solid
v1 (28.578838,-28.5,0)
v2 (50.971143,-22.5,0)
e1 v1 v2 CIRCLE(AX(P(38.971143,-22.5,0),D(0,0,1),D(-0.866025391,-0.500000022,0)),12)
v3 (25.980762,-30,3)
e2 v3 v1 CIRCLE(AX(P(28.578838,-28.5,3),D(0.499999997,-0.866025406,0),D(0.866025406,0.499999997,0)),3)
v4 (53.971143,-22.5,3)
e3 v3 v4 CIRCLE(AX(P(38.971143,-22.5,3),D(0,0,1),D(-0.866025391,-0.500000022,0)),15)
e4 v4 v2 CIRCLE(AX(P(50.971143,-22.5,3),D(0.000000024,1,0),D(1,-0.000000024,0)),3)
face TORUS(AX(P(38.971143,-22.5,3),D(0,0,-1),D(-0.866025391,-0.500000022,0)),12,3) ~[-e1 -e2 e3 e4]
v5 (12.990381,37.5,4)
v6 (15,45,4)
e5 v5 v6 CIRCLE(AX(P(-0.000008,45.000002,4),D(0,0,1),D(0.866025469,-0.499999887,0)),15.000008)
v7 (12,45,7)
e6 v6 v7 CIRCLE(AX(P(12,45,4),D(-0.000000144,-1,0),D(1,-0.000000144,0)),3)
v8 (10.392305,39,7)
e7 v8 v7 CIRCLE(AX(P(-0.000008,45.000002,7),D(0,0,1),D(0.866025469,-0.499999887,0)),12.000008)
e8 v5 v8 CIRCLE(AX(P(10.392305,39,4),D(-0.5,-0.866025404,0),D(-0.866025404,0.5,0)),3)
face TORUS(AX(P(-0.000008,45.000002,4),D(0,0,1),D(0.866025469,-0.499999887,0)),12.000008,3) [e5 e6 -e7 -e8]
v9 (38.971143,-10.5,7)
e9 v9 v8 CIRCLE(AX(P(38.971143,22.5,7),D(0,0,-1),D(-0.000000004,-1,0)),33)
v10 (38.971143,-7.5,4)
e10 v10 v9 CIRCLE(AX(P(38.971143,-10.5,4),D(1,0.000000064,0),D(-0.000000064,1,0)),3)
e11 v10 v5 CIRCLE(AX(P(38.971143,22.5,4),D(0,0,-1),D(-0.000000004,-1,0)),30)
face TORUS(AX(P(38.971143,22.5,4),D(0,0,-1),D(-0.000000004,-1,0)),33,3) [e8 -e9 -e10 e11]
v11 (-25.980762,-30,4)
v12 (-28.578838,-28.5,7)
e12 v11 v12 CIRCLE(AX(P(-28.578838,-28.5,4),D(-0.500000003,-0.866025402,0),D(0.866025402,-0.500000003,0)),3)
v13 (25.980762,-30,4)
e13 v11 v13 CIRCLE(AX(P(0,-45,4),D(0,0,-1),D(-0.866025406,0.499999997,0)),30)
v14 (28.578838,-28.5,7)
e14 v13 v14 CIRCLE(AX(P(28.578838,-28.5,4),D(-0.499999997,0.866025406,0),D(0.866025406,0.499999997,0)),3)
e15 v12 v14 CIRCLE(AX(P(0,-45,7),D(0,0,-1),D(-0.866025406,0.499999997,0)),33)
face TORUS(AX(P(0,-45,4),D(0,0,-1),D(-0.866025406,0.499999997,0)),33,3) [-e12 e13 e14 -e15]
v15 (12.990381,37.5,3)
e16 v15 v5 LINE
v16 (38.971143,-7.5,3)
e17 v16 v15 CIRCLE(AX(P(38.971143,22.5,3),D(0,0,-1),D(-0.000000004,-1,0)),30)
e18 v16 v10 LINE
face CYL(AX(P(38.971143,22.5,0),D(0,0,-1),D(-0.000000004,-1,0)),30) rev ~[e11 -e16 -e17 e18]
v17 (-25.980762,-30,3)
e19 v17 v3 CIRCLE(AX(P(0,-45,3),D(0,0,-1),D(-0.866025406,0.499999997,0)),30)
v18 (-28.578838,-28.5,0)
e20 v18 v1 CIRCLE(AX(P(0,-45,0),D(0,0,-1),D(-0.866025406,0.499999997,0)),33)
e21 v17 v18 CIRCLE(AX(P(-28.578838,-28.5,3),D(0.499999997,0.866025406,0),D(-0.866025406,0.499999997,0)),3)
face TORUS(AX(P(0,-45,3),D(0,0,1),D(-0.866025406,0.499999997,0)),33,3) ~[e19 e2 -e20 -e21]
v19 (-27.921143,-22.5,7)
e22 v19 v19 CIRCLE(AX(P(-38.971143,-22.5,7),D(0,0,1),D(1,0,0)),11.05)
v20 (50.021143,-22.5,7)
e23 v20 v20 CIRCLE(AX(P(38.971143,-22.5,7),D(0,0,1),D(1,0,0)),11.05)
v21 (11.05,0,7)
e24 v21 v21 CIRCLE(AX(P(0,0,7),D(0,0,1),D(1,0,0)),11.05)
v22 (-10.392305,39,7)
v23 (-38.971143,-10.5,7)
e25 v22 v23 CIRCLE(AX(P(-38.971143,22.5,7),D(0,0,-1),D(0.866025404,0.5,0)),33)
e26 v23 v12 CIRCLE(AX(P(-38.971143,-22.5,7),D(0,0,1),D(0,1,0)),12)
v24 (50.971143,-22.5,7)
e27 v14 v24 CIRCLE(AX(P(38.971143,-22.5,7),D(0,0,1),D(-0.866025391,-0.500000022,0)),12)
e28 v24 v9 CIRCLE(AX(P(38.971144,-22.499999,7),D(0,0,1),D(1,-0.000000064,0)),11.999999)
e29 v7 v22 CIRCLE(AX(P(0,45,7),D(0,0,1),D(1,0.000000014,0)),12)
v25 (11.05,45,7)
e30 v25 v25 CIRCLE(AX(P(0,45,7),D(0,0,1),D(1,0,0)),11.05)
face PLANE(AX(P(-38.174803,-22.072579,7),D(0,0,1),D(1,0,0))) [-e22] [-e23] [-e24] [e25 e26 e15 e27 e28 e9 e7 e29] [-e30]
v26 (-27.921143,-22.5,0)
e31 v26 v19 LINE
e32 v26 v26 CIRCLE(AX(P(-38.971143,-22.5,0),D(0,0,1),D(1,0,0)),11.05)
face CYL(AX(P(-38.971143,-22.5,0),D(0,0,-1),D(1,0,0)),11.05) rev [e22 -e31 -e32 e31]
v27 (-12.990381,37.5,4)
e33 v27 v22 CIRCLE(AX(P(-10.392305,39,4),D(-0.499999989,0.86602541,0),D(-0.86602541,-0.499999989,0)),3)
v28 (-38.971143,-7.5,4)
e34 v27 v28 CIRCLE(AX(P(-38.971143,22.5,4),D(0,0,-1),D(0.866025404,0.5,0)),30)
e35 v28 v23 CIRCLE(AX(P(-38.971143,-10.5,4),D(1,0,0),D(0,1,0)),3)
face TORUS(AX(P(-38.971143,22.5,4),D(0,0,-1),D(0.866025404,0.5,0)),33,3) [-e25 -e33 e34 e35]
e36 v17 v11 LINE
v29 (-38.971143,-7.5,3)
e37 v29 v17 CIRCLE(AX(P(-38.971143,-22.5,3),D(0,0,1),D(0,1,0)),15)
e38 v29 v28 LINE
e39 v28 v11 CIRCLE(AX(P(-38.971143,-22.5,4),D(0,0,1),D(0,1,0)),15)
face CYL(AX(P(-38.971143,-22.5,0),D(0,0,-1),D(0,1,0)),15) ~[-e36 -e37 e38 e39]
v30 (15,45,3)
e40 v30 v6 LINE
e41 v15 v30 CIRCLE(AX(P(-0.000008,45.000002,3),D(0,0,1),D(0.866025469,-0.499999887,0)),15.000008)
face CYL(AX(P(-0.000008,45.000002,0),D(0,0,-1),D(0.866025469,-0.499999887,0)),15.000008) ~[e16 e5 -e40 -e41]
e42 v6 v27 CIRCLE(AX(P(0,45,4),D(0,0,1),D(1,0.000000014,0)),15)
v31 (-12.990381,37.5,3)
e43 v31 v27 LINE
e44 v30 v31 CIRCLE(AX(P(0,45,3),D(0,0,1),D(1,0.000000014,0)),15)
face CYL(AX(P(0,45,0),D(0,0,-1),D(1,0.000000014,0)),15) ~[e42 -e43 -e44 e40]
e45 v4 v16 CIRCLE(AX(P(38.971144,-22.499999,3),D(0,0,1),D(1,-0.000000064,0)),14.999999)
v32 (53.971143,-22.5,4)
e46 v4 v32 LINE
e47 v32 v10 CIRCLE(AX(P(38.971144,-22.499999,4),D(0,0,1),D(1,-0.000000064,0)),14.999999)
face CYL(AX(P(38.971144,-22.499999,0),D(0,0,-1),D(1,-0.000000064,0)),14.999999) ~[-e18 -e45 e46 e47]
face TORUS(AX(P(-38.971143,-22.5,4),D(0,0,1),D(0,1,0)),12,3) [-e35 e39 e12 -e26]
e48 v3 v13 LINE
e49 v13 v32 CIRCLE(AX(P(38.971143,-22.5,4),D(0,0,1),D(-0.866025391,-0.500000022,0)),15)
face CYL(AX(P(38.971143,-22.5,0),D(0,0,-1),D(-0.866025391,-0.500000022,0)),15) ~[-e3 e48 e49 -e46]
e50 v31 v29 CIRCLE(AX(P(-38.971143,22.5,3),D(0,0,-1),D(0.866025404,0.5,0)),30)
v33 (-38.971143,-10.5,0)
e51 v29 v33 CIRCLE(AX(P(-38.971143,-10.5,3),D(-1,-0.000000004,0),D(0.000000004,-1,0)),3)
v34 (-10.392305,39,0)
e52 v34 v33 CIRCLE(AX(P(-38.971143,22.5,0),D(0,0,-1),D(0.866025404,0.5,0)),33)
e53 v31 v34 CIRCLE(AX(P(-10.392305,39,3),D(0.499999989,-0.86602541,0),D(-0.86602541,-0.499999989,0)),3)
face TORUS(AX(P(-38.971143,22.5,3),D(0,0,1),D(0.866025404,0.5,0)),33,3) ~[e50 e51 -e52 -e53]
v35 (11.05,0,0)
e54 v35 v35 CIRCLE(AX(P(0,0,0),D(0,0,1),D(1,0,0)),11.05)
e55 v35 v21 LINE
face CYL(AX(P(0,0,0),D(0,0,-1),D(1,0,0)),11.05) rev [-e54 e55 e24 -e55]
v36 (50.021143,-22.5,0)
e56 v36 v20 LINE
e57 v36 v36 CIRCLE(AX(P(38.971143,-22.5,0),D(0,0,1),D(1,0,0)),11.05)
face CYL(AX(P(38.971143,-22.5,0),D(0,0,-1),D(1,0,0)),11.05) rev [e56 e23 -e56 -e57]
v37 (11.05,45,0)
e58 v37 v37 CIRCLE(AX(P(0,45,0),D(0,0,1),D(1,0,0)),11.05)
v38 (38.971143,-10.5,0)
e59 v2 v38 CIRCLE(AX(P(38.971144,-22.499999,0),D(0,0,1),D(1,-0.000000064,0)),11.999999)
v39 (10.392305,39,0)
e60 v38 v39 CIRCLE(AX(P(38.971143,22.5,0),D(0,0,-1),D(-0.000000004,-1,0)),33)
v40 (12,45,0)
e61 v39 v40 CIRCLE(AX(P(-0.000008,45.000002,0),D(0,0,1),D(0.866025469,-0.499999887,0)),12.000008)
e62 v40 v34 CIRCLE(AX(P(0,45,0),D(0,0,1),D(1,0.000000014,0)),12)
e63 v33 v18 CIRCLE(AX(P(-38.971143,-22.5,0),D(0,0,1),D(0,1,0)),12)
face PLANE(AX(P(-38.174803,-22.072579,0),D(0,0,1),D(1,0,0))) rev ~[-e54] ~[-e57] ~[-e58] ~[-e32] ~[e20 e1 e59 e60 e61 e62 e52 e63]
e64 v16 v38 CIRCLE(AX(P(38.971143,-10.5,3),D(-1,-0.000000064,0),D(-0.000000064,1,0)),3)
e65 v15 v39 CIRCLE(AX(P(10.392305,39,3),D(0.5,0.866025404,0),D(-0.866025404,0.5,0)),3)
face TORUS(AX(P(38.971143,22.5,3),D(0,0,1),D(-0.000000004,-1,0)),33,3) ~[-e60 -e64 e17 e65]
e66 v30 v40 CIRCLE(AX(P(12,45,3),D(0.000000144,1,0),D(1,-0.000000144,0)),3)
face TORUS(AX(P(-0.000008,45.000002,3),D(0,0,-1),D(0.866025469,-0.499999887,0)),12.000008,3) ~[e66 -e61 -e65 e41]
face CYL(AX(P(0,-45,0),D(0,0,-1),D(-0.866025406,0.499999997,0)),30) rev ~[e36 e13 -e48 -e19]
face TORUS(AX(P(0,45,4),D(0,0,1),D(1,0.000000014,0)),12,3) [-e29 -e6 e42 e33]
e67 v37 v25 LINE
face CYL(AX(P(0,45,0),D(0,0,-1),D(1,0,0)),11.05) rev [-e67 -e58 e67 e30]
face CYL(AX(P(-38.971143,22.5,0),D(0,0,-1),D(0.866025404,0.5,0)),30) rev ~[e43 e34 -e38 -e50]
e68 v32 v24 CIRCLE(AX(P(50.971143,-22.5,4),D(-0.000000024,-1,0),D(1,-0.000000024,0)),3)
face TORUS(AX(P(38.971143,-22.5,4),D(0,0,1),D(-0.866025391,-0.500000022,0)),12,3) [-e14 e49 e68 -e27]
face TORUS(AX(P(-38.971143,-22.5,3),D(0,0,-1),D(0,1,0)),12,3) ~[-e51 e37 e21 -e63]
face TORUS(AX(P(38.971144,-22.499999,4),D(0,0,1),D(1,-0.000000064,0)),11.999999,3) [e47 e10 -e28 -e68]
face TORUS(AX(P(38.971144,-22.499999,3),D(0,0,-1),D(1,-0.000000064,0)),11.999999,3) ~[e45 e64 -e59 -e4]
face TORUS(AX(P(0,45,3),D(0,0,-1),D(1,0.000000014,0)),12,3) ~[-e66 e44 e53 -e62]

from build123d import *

# Parameters (mm, degrees)
F0_R     = 11.05
F1_DEPTH = 7
F2_R     = 3


with BuildPart() as f1:
    # F0 (on Top) → F1 (new body)
    with BuildSketch(Plane.XY):
        with BuildLine():
            ThreePointArc((-23.971143, -22.5), (-28.364541, -11.893398), (-38.971143, -7.5))
            ThreePointArc((-38.971143, -7.5), (-51.961524, -30), (-25.980762, -30))
            ThreePointArc((-25.980762, -30), (-24.482256, -26.382286), (-23.971143, -22.5))
        make_face()
        with Locations((-38.971143, -22.5)):
            Circle(F0_R, mode=Mode.SUBTRACT)
        with BuildLine():
            ThreePointArc((12.990381, 37.5), (0, 30), (-12.990381, 37.5))
            ThreePointArc((-12.990381, 37.5), (-12.990381, 7.5), (-38.971143, -7.5))
            ThreePointArc((-38.971143, -7.5), (-28.364541, -11.893398), (-23.971143, -22.5))
            ThreePointArc((-23.971143, -22.5), (-24.482256, -26.382286), (-25.980762, -30))
            ThreePointArc((-25.980762, -30), (0, -15), (25.980762, -30))
            ThreePointArc((25.980762, -30), (25.980762, -15), (38.971143, -7.5))
            ThreePointArc((38.971143, -7.5), (12.990381, 7.5), (12.990381, 37.5))
        make_face()
        Circle(F0_R, mode=Mode.SUBTRACT)
        with BuildLine():
            ThreePointArc((12.990381, 37.5), (14.488887, 41.117714), (15, 45))
            ThreePointArc((15, 45), (-3.882286, 59.488887), (-12.990381, 37.5))
            ThreePointArc((-12.990381, 37.5), (0, 30), (12.990381, 37.5))
        make_face()
        with Locations((0, 45)):
            Circle(F0_R, mode=Mode.SUBTRACT)
        with BuildLine():
            ThreePointArc((53.971143, -22.5), (49.577745, -11.893398), (38.971143, -7.5))
            ThreePointArc((38.971143, -7.5), (25.980762, -15), (25.980762, -30))
            ThreePointArc((25.980762, -30), (42.853429, -36.988887), (53.971143, -22.5))
        make_face()
        with Locations((38.971143, -22.5)):
            Circle(F0_R, mode=Mode.SUBTRACT)
    extrude(amount=F1_DEPTH)

    # F2
    f2_edges = [f1.edges().sort_by_distance(p)[0] for p in [
        (-51.961524, -30, 7),
        (0, -15, 0),
    ]]
    fillet(f2_edges, radius=F2_R)


solid = f1.part
